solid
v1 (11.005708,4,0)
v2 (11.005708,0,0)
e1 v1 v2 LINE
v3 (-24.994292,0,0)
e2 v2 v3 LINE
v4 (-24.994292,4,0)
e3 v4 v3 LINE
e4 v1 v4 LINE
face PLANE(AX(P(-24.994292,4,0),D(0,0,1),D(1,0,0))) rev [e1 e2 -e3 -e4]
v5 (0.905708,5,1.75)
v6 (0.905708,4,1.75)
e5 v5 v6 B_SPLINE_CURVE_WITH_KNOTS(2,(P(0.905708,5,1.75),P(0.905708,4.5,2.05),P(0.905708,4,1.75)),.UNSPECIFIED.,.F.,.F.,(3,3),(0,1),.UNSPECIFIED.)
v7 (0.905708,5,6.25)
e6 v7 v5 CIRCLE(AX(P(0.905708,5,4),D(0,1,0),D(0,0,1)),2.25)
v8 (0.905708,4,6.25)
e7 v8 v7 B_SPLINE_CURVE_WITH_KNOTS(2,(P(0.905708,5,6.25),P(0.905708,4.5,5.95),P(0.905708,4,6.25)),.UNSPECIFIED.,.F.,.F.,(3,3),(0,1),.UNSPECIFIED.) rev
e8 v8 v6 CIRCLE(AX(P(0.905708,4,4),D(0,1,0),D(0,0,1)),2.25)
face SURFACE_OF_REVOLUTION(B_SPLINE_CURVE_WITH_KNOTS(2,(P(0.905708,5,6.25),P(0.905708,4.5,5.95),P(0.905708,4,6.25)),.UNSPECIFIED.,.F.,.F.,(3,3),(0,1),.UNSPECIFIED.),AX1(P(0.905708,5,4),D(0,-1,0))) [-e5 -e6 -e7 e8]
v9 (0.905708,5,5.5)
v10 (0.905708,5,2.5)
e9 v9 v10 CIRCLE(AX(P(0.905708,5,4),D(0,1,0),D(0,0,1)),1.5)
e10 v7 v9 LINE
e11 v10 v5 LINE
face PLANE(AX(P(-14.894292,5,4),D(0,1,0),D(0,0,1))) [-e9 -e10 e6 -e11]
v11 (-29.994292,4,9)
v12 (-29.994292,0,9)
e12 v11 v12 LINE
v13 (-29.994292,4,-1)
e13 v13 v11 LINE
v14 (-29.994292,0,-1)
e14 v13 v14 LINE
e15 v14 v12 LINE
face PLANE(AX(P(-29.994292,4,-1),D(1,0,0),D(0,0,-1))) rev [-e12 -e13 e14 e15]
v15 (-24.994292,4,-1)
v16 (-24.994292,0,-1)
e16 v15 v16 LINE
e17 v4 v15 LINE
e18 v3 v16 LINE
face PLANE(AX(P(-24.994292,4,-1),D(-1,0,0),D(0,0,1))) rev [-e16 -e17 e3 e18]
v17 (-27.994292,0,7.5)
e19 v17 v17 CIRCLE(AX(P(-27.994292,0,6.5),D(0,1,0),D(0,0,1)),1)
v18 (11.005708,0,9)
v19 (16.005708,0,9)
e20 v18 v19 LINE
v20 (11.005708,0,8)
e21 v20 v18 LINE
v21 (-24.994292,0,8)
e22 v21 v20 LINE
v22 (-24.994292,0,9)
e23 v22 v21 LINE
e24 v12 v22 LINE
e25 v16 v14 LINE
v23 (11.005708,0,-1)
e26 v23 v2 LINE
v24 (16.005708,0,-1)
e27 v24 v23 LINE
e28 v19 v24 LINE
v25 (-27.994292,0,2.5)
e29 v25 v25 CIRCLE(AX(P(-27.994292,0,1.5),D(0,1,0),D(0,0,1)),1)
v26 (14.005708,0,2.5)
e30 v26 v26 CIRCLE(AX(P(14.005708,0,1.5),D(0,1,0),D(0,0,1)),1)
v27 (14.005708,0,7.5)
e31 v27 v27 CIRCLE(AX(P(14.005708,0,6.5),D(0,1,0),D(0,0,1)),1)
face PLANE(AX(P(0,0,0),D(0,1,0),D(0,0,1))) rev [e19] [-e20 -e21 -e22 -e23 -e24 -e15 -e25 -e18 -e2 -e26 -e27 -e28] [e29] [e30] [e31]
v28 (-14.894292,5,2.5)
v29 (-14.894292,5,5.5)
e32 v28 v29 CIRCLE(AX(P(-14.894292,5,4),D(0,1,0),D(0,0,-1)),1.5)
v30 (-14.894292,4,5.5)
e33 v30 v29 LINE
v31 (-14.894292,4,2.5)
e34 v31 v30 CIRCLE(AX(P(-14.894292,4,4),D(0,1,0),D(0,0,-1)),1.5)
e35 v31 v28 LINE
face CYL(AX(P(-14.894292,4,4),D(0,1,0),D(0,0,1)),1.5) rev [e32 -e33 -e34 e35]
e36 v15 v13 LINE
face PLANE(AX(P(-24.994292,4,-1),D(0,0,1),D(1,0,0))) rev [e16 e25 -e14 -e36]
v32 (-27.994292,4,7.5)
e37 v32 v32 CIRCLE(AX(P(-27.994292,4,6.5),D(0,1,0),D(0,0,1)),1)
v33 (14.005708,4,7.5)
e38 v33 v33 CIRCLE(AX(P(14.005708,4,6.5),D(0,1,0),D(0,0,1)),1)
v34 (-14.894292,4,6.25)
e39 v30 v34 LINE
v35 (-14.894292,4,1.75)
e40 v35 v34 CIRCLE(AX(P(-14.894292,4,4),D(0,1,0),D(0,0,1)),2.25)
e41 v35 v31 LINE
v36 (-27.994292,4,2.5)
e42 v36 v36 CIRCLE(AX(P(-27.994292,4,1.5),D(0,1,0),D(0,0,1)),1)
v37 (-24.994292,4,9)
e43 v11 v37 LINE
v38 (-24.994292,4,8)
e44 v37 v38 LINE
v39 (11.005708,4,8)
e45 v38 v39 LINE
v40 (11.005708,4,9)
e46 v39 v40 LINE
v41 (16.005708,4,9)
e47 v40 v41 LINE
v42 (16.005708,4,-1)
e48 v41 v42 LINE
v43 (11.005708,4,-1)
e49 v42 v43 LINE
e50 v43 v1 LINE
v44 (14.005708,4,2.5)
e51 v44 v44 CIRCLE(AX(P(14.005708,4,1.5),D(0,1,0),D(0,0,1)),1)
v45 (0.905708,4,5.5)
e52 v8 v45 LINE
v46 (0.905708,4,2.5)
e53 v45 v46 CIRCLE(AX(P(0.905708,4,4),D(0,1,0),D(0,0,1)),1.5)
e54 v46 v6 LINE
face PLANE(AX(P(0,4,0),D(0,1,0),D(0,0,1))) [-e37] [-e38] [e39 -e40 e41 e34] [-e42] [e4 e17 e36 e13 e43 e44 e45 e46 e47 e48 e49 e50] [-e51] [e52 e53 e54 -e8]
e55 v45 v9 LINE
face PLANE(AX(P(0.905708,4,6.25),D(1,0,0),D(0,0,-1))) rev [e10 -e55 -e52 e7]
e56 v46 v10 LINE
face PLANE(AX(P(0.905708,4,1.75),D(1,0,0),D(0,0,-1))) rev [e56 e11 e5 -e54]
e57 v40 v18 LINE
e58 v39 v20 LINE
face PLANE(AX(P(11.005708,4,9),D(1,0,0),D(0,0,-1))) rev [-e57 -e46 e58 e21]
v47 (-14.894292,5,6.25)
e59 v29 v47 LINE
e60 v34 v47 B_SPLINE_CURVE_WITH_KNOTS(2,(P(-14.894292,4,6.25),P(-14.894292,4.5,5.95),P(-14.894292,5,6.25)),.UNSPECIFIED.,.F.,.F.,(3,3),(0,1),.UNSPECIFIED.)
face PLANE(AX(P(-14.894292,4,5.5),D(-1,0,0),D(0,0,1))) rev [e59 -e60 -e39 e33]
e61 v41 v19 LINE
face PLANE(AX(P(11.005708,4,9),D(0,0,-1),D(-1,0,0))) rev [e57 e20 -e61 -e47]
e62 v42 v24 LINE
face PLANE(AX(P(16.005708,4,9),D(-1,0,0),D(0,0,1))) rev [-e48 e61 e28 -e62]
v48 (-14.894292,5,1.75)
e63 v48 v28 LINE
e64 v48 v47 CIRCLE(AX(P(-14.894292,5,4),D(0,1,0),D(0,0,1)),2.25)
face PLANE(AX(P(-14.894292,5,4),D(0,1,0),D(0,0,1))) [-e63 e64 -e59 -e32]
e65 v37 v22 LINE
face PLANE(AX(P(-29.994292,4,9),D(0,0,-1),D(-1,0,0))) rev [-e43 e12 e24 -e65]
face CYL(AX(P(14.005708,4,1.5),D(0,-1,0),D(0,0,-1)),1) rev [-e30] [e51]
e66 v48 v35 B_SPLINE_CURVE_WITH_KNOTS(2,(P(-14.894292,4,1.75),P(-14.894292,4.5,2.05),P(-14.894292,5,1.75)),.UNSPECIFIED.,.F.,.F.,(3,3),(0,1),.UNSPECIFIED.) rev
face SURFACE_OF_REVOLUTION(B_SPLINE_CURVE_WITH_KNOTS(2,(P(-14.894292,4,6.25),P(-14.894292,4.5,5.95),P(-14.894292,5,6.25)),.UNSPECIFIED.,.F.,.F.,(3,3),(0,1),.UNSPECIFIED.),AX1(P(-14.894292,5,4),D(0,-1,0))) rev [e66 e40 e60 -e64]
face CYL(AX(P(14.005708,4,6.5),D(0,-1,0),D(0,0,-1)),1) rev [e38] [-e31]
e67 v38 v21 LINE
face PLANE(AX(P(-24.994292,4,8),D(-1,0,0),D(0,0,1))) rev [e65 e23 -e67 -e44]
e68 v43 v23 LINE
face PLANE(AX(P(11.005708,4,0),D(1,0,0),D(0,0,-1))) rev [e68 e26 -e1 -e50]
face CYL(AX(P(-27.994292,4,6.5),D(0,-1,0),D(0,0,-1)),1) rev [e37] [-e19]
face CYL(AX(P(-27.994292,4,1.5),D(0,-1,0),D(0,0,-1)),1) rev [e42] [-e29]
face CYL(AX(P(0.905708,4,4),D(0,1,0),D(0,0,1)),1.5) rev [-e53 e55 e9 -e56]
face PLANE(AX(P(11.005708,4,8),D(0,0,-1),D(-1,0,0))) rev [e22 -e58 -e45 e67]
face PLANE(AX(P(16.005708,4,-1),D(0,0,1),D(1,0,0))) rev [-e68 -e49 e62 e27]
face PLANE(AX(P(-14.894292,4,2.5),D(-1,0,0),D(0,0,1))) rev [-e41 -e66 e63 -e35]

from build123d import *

# Parameters (mm, degrees)
SKETCH_1_R          = 1
EXTRUDE_2_DEPTH     = 4
EXTRUDE_3_DEPTH     = 1
CUT_EXTRUDE_2_DEPTH = 1


with BuildPart() as part:
    # 草图1 → 凸台-拉伸2 (new body)
    with BuildSketch(Plane(origin=(0, 0, 0), x_dir=(1, 0, 0), z_dir=(0, 1, 0))):
        Polygon((-24.994291736, 0), (11.005708264, 0), (11.005708264, 1), (16.005708264, 1), (16.005708264, -9), (11.005708264, -9), (11.005708264, -8), (-24.994291736, -8), (-24.994291736, -9), (-29.994291736, -9), (-29.994291736, 1), (-24.994291736, 1), align=None)
        with Locations((-27.994291736, -6.5)):
            Circle(SKETCH_1_R, mode=Mode.SUBTRACT)
        with Locations((-27.994291736, -1.5)):
            Circle(SKETCH_1_R, mode=Mode.SUBTRACT)
        with Locations((14.005708264, -1.5)):
            Circle(SKETCH_1_R, mode=Mode.SUBTRACT)
        with Locations((14.005708264, -6.5)):
            Circle(SKETCH_1_R, mode=Mode.SUBTRACT)
    extrude(amount=EXTRUDE_2_DEPTH)

    # 草图2 → 凸台-拉伸3 (add)
    with BuildSketch(Plane(origin=(0, 4, 0), x_dir=(1, 0, 0), z_dir=(0, 1, 0))):
        with BuildLine():
            Line((-14.894291736, -1.75), (0.905708264, -1.75))
            ThreePointArc((0.905708264, -1.75), (3.155708264, -4), (0.905708264, -6.25))
            Line((0.905708264, -6.25), (-14.894291736, -6.25))
            ThreePointArc((-14.894291736, -6.25), (-17.144291736, -4), (-14.894291736, -1.75))
        make_face()
    extrude(amount=EXTRUDE_3_DEPTH)

    # 草图3 → 切除-拉伸2 (cut)
    with BuildSketch(Plane(origin=(0, 5, 0), x_dir=(1, 0, 0), z_dir=(0, 1, 0))):
        with BuildLine():
            Line((-14.894291736, -2.5), (-14.894291736, -1.75))
            Line((-14.894291736, -1.75), (0.905708264, -1.75))
            Line((0.905708264, -1.75), (0.905708264, -2.5))
            ThreePointArc((0.905708264, -2.5), (2.405708264, -4), (0.905708264, -5.5))
            Line((0.905708264, -5.5), (0.905708264, -6.25))
            Line((0.905708264, -6.25), (-14.894291736, -6.25))
            Line((-14.894291736, -6.25), (-14.894291736, -5.5))
            ThreePointArc((-14.894291736, -5.5), (-16.394291736, -4), (-14.894291736, -2.5))
        make_face()
    extrude(amount=-CUT_EXTRUDE_2_DEPTH, mode=Mode.SUBTRACT)

    # 切除-扫描2: sweep along a path in 草图5
    with BuildLine(Plane(origin=(0, 5, 0), x_dir=(1, 0, 0), z_dir=(0, 1, 0))) as sweep_2_path:
        CenterArc((-14.894291736, -4), 2.25, 0, 360)
    # 草图4 → 切除-扫描2 (sweep, cut)
    with BuildSketch(Plane(origin=(-14.894291736, 0, 0), x_dir=(0, 0, -1), z_dir=(1, 0, 0))):
        with BuildLine():
            Line((-6.25, 5), (-6.25, 4))
            add(Edge.make_bspline(
                [(-6.25, 5), (-5.95, 4.5), (-6.25, 4)],
                knots=[0, 0, 0, 1, 1, 1], degree=2))
        make_face()
    sweep(path=sweep_2_path.line, mode=Mode.SUBTRACT)

    # 切除-扫描3: sweep along a path in 草图9
    with BuildLine(Plane(origin=(0, 5, 0), x_dir=(1, 0, 0), z_dir=(0, 1, 0))) as sweep_3_path:
        CenterArc((0.905708264, -4), 2.25, 0, 360)
    # 草图8 → 切除-扫描3 (sweep, cut)
    with BuildSketch(Plane.ZY.offset(-0.905708264)):
        with BuildLine():
            Line((6.25, 4), (6.25, 5))
            add(Edge.make_bspline(
                [(6.25, 4), (5.95, 4.5), (6.25, 5)],
                knots=[0, 0, 0, 1, 1, 1], degree=2))
        make_face()
    sweep(path=sweep_3_path.line, mode=Mode.SUBTRACT)


solid = part.part
